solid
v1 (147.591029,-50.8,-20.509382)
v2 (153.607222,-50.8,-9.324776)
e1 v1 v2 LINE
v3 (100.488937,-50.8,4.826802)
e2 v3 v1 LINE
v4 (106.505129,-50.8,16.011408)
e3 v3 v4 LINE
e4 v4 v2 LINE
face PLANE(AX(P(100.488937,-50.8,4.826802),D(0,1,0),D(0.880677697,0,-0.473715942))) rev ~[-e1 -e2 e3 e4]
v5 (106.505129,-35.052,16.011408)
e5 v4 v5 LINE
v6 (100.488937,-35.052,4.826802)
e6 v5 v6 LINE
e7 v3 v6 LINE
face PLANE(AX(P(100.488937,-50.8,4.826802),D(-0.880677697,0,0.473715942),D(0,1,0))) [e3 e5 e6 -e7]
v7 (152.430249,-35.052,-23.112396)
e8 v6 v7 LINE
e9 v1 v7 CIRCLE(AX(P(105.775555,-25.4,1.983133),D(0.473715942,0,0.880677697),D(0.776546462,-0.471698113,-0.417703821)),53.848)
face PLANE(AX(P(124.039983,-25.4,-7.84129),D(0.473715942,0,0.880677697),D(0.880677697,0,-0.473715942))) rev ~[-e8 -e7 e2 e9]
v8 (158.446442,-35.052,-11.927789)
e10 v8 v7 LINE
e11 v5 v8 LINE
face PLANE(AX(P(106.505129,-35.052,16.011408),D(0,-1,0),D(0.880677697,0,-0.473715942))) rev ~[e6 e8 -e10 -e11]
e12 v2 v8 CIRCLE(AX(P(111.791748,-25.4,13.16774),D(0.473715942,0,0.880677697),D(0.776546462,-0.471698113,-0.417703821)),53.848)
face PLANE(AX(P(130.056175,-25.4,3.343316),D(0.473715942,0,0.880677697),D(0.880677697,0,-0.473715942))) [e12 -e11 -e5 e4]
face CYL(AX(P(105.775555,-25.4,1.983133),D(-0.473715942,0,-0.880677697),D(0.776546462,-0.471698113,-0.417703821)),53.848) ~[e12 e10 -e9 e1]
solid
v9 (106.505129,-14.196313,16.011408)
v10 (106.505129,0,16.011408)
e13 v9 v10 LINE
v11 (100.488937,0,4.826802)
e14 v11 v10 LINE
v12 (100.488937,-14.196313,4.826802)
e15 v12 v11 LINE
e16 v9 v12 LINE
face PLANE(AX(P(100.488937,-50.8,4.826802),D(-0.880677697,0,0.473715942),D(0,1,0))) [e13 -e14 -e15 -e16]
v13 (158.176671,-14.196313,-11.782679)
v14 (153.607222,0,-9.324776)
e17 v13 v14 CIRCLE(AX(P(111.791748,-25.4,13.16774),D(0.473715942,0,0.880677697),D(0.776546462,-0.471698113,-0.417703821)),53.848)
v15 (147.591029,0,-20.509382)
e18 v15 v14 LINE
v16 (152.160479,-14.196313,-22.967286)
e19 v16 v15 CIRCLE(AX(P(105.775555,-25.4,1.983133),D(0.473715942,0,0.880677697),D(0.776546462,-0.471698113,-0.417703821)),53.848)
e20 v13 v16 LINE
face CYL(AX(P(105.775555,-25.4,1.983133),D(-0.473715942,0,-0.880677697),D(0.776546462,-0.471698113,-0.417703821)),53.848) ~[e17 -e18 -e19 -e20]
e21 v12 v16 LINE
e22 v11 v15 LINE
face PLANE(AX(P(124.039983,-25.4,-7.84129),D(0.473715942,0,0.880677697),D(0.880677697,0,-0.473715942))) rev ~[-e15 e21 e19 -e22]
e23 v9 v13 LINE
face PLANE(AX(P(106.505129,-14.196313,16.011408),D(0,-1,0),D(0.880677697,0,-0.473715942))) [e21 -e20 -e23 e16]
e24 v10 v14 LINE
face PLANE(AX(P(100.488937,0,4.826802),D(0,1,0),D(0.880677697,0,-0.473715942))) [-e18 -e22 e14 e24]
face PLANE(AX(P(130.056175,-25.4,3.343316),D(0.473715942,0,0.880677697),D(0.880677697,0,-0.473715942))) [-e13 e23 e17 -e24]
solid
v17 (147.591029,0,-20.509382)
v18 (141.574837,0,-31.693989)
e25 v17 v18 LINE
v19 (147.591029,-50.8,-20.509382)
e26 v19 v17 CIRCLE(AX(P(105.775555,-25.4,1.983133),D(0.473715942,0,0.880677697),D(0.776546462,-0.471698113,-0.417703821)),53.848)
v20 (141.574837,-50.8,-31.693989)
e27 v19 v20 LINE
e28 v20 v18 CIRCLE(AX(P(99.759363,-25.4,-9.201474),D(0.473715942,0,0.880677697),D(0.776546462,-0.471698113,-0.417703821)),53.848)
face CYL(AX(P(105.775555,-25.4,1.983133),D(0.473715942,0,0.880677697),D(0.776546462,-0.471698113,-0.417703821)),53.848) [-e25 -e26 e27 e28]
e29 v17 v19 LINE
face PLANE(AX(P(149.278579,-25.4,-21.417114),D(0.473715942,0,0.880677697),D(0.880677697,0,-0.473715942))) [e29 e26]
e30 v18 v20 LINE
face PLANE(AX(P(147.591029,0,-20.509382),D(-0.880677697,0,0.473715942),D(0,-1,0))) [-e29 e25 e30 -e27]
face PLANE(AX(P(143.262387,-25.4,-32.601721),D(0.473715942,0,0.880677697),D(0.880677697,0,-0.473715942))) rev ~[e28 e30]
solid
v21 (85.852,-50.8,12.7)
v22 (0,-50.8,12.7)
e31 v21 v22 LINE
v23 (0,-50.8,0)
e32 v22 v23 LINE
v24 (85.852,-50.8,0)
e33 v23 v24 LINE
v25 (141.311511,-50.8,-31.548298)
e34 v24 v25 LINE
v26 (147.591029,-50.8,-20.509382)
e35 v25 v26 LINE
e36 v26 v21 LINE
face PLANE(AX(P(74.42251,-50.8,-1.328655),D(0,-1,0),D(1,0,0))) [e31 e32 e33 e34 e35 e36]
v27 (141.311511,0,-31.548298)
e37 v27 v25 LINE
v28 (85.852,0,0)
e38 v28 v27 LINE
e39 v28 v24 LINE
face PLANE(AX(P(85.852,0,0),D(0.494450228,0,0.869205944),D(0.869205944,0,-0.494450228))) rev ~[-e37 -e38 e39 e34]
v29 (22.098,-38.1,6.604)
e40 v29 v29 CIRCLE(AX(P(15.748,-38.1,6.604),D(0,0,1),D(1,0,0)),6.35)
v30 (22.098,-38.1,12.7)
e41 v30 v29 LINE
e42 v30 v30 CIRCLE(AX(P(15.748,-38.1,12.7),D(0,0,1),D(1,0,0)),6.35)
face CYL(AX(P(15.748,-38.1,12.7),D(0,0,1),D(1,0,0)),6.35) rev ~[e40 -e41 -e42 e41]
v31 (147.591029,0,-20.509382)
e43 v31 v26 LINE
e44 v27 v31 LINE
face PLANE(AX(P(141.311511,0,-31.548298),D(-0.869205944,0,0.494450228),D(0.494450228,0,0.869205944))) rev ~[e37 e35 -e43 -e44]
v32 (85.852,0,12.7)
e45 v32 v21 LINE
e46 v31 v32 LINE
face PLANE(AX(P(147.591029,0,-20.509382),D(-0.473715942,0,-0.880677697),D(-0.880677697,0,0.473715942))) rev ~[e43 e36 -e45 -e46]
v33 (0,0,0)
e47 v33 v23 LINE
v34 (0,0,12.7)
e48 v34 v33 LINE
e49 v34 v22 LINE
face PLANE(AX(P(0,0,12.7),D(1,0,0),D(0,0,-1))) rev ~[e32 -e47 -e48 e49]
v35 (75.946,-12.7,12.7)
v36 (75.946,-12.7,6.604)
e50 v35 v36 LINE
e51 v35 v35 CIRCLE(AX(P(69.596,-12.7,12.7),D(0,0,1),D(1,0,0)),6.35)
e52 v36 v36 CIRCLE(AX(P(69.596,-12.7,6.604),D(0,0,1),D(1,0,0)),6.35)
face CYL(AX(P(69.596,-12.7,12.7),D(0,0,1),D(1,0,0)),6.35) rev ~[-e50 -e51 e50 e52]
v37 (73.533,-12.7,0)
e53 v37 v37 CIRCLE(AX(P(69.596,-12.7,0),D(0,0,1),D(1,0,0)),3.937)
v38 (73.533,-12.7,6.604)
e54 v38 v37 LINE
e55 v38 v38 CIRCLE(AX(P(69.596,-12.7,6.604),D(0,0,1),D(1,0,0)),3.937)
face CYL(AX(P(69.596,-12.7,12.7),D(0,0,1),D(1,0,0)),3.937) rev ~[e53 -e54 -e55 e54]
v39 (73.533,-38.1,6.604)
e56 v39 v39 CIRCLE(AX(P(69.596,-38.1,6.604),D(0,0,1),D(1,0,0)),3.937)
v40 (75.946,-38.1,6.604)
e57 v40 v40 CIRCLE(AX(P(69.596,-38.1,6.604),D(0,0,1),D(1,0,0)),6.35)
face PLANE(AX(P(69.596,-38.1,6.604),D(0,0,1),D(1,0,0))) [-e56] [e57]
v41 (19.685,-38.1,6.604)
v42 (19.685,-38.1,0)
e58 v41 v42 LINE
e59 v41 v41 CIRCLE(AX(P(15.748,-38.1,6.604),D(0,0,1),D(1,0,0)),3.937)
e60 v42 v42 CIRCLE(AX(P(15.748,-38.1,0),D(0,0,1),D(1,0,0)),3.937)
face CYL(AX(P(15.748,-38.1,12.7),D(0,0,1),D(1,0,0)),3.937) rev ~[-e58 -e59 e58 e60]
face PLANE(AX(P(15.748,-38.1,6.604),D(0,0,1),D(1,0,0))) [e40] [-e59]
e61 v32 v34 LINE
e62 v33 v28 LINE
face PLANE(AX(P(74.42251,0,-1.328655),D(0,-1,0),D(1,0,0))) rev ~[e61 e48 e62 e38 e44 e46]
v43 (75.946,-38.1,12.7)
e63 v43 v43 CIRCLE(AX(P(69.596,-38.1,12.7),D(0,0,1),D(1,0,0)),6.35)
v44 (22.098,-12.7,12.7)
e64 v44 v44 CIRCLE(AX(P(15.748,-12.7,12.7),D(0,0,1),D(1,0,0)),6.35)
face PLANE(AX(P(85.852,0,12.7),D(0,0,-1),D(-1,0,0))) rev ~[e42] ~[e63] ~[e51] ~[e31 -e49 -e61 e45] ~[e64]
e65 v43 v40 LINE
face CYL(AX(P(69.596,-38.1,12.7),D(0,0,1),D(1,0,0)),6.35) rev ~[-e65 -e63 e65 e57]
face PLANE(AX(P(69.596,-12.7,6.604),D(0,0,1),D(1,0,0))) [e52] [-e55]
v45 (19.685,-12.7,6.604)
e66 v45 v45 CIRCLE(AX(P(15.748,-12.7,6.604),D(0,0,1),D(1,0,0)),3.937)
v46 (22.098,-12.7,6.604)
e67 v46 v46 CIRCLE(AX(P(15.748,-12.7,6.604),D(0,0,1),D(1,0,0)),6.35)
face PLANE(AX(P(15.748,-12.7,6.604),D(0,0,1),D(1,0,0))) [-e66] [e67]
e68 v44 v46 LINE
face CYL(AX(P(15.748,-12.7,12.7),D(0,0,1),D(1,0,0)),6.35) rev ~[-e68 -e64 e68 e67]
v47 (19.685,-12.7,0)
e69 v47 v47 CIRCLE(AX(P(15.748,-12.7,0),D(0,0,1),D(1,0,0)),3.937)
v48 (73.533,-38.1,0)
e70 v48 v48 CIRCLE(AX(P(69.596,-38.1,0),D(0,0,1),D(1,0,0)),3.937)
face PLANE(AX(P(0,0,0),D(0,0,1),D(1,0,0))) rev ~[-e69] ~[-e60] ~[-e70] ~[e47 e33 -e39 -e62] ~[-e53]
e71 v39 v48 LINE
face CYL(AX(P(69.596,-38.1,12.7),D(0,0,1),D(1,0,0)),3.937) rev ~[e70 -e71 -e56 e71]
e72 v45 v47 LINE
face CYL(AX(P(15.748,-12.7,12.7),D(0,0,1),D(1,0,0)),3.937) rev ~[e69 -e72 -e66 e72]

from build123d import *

# Parameters (mm, degrees)
F1_DEPTH  = 50.8
F2_R      = 6.35
F3_DEPTH  = 6.096
F4_R      = 3.937
F5_DEPTH  = 44.2492978838
F7_DEPTH  = 12.7
F8_W      = 53.483916714
F8_H      = 50.8
F9_DEPTH  = 12.7
F10_W     = 63.1353035569
F10_H     = 20.8556866273
F11_DEPTH = 25.4


with BuildPart() as f1:
    # F0 (on Front) → F1 (new body)
    with BuildSketch(Plane.XZ):
        Polygon((0, 12.7), (0, 0), (85.852, 0), (141.3115113905, -31.5482978838), (147.5910292814, -20.5093824), (85.852, 12.7), align=None)
    extrude(amount=F1_DEPTH)

    # F2 (on face) → F3 (cut)
    with BuildSketch(Plane.XY.offset(12.7)):
        with Locations((15.748, -12.7)):
            Circle(F2_R)
        with Locations((69.596, -12.7)):
            Circle(F2_R)
        with Locations((15.748, -38.1)):
            Circle(F2_R)
        with Locations((69.596, -38.1)):
            Circle(F2_R)
    extrude(amount=-F3_DEPTH, mode=Mode.SUBTRACT)

    # F4 (on face) → F5 (cut, through all)
    with BuildSketch(Plane.XY.offset(12.7)):
        with Locations((15.748, -12.7)):
            Circle(F4_R)
        with Locations((69.596, -12.7)):
            Circle(F4_R)
        with Locations((69.596, -38.1)):
            Circle(F4_R)
        with Locations((15.748, -38.1)):
            Circle(F4_R)
    extrude(amount=-F5_DEPTH, mode=Mode.SUBTRACT)


with BuildPart() as f7:
    # F6 (on face) → F7 (new body)
    with BuildSketch(Plane(origin=(24.5640985802, 0, 45.6667210261), x_dir=(0.8806776972, 0, -0.473715942), z_dir=(0.473715942, 0, 0.8806776972))):
        with BuildLine():
            Line((139.6957491924, 0), (139.6957491924, -50.8))
            ThreePointArc((139.6957491924, -50.8), (146.0627308377, -25.4), (139.6957491924, 0))
        make_face()
    extrude(amount=-F7_DEPTH)


with BuildPart() as f9:
    # F8 (on face) → F9 (new body)
    with BuildSketch(Plane(origin=(24.5640985802, 0, 45.6667210261), x_dir=(0.8806776972, 0, -0.473715942), z_dir=(0.473715942, 0, 0.8806776972))):
        with Locations((112.9537908354, -25.4)):
            Rectangle(F8_W, F8_H)
        with BuildLine():
            Line((139.6957491924, 0), (139.6957491924, -50.8))
            ThreePointArc((139.6957491924, -50.8), (146.0627308377, -25.4), (139.6957491924, 0))
        make_face()
    extrude(amount=F9_DEPTH)

    # F10 (on face) → F11 (cut)
    with BuildSketch(Plane(origin=(30.5802910439, 0, 56.85132778), x_dir=(0.8806776972, 0, -0.473715942), z_dir=(0.473715942, 0, 0.8806776972))):
        with Locations((117.7794842569, -24.6241566863)):
            Rectangle(F10_W, F10_H)
    extrude(amount=-F11_DEPTH, mode=Mode.SUBTRACT)


solid = Compound([f1.part, f7.part, f9.part])
